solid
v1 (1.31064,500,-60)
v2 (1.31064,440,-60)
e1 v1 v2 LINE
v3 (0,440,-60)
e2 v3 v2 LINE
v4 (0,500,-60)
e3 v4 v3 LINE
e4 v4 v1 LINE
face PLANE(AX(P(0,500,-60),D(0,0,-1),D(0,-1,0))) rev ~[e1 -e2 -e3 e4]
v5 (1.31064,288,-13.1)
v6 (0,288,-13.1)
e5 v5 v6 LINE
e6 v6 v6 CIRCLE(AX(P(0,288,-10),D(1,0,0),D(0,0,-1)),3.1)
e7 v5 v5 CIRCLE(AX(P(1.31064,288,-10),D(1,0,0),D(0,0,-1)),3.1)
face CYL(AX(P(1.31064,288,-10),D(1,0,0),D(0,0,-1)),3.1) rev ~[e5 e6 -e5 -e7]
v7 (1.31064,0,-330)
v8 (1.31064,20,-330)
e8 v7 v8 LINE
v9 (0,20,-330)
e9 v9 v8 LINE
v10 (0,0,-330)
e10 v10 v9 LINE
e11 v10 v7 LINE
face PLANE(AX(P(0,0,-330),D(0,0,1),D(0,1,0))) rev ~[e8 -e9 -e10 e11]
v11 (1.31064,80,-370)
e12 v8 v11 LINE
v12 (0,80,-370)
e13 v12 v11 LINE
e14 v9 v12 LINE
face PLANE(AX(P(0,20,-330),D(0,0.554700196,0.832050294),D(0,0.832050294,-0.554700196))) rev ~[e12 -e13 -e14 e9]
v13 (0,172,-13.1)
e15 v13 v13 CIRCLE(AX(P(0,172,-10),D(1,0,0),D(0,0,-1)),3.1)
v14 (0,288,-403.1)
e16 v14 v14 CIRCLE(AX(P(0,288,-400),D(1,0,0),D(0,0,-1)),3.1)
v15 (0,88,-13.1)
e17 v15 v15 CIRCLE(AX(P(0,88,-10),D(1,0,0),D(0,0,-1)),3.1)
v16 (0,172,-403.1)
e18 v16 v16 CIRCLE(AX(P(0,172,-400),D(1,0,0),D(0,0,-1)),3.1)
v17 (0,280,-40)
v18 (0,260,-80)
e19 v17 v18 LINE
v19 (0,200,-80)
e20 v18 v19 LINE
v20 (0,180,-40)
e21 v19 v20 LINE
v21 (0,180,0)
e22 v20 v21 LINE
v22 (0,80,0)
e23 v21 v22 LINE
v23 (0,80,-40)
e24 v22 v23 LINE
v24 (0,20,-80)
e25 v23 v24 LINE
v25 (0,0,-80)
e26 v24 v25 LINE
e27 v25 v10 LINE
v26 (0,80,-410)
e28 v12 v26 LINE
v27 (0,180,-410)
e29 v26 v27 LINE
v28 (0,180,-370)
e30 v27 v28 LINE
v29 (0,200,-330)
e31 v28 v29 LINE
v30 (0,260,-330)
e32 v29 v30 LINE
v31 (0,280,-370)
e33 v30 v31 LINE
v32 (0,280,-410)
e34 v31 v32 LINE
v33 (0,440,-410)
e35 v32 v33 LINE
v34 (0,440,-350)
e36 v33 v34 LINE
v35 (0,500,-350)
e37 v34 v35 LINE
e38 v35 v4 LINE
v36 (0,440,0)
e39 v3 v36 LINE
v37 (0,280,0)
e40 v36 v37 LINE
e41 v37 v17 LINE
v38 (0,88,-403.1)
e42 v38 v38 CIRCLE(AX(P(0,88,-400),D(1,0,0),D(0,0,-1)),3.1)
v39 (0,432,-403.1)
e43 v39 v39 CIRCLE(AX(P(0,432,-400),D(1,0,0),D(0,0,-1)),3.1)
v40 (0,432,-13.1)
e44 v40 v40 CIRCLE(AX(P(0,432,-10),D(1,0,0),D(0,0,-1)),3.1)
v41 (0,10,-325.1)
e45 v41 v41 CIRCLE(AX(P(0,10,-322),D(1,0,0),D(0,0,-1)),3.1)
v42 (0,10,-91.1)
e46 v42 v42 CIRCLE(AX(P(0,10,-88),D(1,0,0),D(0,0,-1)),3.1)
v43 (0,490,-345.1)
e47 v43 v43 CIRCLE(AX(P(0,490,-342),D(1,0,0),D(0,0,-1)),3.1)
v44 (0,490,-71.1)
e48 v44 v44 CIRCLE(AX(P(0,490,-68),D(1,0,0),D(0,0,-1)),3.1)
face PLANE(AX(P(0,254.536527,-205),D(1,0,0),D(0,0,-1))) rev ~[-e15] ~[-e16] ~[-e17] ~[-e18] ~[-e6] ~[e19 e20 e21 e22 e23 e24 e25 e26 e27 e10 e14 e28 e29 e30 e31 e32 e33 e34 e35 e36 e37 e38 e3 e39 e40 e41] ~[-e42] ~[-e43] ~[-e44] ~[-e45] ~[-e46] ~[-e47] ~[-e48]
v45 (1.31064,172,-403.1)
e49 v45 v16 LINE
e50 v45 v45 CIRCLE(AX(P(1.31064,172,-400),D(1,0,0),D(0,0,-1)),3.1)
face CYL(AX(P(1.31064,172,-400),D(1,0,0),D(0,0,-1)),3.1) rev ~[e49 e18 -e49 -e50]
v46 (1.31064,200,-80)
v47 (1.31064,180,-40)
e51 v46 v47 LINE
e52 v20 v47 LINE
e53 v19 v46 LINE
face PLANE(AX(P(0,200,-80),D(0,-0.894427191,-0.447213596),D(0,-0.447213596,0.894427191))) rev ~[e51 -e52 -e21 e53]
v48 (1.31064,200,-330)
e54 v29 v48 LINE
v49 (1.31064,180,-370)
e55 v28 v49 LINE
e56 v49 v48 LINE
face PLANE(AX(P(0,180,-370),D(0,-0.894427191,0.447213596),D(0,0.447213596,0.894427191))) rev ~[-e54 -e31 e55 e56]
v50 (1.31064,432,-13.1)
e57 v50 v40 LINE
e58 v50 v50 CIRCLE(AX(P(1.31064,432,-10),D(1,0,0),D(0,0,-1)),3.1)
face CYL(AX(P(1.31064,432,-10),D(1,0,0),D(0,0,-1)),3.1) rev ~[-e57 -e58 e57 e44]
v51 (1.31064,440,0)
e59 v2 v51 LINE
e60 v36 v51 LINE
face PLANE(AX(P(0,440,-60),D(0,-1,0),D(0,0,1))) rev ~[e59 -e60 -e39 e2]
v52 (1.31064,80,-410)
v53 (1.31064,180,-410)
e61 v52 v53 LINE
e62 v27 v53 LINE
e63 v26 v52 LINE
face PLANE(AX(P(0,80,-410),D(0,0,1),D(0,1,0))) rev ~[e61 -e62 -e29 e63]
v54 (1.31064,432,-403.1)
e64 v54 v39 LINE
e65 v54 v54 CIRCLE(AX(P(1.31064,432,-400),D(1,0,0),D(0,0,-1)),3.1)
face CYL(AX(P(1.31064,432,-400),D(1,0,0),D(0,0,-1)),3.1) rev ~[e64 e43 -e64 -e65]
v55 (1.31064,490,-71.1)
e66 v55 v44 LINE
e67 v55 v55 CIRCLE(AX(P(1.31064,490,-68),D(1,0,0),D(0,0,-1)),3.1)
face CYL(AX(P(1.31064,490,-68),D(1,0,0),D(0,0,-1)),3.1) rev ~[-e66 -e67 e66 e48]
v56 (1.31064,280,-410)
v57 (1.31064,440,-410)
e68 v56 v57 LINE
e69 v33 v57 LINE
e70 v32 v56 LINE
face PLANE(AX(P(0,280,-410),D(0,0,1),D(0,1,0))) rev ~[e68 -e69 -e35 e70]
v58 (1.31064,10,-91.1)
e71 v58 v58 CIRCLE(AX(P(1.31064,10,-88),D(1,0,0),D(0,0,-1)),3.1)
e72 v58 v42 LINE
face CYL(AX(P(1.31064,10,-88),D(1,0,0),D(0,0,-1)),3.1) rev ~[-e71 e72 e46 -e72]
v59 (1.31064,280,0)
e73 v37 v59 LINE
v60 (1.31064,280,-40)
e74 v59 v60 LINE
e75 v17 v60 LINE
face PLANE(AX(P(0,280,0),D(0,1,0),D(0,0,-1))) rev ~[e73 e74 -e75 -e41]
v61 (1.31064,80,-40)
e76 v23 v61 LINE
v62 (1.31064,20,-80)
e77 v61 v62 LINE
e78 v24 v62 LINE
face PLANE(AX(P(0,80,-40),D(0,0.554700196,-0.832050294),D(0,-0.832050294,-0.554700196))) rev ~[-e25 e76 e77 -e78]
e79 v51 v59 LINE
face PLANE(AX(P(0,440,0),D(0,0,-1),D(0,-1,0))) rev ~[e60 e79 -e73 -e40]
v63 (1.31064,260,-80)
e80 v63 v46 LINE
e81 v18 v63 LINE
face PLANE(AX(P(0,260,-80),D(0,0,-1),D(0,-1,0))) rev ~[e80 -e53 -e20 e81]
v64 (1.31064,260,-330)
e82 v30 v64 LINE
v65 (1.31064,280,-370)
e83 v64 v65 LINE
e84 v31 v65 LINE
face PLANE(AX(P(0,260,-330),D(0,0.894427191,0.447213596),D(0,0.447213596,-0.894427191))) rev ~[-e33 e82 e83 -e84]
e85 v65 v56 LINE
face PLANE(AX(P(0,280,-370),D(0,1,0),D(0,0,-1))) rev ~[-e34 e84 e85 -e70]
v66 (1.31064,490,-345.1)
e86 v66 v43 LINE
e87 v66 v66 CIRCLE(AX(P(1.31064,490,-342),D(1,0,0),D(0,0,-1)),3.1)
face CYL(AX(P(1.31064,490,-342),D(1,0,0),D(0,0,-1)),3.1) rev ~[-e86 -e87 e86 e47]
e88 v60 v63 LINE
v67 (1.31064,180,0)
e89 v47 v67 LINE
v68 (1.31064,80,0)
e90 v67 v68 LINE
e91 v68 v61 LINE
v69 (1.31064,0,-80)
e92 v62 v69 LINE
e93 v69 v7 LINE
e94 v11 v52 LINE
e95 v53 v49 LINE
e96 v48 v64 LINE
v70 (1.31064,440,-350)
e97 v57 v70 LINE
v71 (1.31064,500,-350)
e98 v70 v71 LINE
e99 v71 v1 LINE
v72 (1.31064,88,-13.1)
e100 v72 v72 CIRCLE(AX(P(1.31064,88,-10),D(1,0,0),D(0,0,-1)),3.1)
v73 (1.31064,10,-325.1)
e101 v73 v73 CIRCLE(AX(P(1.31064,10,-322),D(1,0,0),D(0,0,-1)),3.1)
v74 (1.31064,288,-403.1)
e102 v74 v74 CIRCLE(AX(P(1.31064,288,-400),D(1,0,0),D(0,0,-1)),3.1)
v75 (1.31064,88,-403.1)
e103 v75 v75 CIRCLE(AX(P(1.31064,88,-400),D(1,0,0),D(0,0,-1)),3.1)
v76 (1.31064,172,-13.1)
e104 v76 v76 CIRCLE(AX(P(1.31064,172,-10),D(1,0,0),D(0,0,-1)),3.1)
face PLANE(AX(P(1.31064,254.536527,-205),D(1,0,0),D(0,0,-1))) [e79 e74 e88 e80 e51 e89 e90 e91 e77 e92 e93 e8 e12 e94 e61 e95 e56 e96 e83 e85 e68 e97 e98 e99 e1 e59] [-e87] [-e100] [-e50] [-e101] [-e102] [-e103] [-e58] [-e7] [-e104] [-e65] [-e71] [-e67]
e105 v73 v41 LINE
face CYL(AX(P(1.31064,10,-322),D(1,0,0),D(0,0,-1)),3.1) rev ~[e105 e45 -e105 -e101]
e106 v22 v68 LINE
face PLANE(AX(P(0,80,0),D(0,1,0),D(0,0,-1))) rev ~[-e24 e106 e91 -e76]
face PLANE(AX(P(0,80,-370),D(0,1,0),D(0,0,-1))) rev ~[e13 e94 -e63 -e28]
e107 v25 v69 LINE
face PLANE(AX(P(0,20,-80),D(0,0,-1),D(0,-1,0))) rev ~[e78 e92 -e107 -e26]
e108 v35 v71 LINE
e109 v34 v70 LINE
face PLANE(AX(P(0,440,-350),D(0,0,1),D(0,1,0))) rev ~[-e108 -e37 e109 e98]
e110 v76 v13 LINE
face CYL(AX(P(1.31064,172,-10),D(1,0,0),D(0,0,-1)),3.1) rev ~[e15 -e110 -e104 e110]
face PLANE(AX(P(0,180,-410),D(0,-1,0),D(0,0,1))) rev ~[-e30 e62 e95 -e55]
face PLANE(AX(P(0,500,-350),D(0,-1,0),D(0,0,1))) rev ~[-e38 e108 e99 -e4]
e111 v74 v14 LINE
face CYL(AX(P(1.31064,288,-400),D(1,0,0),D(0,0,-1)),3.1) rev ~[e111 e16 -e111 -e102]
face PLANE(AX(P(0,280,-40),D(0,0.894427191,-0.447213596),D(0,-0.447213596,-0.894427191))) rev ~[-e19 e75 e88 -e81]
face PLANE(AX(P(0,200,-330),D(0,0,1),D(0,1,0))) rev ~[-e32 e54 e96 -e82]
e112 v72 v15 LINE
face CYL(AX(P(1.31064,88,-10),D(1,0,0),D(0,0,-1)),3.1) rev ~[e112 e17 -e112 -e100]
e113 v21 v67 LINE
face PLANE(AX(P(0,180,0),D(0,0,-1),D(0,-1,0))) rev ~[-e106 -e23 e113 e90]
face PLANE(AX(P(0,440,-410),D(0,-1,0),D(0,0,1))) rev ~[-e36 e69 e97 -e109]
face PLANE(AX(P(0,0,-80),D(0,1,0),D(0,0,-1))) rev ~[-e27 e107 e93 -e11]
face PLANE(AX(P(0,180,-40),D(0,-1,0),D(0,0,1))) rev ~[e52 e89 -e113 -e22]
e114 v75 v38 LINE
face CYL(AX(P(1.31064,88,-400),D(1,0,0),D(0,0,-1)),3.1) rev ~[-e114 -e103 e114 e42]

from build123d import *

# Parameters (mm, degrees)
BOSS_EXTRUDE1_DEPTH = 1.31064
SKETCH2_R           = 3.1
CUT_EXTRUDE1_DEPTH  = 10


with BuildPart() as part:
    # Sketch1 → Boss-Extrude1 (new body)
    with BuildSketch(Plane(origin=(0, 0, 0), x_dir=(0, 0, -1), z_dir=(1, 0, 0))):
        Polygon((0, 440), (0, 280), (40, 280), (80, 260), (80, 200), (40, 180), (0, 180), (0, 80), (40, 80), (80, 20), (80, 0), (330, 0), (330, 20), (370, 80), (410, 80), (410, 180), (370, 180), (330, 200), (330, 260), (370, 280), (410, 280), (410, 440), (350, 440), (350, 500), (60, 500), (60, 440), align=None)
    extrude(amount=BOSS_EXTRUDE1_DEPTH)

    # Sketch2 → Cut-Extrude1 (cut)
    with BuildSketch(Plane(origin=(1.31064, 0, 0), x_dir=(0, 0, -1), z_dir=(1, 0, 0))):
        with Locations((10, 432)):
            Circle(SKETCH2_R)
        with Locations((10, 288)):
            Circle(SKETCH2_R)
        with Locations((10, 172)):
            Circle(SKETCH2_R)
        with Locations((10, 88)):
            Circle(SKETCH2_R)
        with Locations((88, 10)):
            Circle(SKETCH2_R)
        with Locations((68, 490)):
            Circle(SKETCH2_R)
        with Locations((322, 10)):
            Circle(SKETCH2_R)
        with Locations((400, 88)):
            Circle(SKETCH2_R)
        with Locations((400, 172)):
            Circle(SKETCH2_R)
        with Locations((400, 288)):
            Circle(SKETCH2_R)
        with Locations((400, 432)):
            Circle(SKETCH2_R)
        with Locations((342, 490)):
            Circle(SKETCH2_R)
    extrude(amount=-CUT_EXTRUDE1_DEPTH, mode=Mode.SUBTRACT)


solid = part.part
